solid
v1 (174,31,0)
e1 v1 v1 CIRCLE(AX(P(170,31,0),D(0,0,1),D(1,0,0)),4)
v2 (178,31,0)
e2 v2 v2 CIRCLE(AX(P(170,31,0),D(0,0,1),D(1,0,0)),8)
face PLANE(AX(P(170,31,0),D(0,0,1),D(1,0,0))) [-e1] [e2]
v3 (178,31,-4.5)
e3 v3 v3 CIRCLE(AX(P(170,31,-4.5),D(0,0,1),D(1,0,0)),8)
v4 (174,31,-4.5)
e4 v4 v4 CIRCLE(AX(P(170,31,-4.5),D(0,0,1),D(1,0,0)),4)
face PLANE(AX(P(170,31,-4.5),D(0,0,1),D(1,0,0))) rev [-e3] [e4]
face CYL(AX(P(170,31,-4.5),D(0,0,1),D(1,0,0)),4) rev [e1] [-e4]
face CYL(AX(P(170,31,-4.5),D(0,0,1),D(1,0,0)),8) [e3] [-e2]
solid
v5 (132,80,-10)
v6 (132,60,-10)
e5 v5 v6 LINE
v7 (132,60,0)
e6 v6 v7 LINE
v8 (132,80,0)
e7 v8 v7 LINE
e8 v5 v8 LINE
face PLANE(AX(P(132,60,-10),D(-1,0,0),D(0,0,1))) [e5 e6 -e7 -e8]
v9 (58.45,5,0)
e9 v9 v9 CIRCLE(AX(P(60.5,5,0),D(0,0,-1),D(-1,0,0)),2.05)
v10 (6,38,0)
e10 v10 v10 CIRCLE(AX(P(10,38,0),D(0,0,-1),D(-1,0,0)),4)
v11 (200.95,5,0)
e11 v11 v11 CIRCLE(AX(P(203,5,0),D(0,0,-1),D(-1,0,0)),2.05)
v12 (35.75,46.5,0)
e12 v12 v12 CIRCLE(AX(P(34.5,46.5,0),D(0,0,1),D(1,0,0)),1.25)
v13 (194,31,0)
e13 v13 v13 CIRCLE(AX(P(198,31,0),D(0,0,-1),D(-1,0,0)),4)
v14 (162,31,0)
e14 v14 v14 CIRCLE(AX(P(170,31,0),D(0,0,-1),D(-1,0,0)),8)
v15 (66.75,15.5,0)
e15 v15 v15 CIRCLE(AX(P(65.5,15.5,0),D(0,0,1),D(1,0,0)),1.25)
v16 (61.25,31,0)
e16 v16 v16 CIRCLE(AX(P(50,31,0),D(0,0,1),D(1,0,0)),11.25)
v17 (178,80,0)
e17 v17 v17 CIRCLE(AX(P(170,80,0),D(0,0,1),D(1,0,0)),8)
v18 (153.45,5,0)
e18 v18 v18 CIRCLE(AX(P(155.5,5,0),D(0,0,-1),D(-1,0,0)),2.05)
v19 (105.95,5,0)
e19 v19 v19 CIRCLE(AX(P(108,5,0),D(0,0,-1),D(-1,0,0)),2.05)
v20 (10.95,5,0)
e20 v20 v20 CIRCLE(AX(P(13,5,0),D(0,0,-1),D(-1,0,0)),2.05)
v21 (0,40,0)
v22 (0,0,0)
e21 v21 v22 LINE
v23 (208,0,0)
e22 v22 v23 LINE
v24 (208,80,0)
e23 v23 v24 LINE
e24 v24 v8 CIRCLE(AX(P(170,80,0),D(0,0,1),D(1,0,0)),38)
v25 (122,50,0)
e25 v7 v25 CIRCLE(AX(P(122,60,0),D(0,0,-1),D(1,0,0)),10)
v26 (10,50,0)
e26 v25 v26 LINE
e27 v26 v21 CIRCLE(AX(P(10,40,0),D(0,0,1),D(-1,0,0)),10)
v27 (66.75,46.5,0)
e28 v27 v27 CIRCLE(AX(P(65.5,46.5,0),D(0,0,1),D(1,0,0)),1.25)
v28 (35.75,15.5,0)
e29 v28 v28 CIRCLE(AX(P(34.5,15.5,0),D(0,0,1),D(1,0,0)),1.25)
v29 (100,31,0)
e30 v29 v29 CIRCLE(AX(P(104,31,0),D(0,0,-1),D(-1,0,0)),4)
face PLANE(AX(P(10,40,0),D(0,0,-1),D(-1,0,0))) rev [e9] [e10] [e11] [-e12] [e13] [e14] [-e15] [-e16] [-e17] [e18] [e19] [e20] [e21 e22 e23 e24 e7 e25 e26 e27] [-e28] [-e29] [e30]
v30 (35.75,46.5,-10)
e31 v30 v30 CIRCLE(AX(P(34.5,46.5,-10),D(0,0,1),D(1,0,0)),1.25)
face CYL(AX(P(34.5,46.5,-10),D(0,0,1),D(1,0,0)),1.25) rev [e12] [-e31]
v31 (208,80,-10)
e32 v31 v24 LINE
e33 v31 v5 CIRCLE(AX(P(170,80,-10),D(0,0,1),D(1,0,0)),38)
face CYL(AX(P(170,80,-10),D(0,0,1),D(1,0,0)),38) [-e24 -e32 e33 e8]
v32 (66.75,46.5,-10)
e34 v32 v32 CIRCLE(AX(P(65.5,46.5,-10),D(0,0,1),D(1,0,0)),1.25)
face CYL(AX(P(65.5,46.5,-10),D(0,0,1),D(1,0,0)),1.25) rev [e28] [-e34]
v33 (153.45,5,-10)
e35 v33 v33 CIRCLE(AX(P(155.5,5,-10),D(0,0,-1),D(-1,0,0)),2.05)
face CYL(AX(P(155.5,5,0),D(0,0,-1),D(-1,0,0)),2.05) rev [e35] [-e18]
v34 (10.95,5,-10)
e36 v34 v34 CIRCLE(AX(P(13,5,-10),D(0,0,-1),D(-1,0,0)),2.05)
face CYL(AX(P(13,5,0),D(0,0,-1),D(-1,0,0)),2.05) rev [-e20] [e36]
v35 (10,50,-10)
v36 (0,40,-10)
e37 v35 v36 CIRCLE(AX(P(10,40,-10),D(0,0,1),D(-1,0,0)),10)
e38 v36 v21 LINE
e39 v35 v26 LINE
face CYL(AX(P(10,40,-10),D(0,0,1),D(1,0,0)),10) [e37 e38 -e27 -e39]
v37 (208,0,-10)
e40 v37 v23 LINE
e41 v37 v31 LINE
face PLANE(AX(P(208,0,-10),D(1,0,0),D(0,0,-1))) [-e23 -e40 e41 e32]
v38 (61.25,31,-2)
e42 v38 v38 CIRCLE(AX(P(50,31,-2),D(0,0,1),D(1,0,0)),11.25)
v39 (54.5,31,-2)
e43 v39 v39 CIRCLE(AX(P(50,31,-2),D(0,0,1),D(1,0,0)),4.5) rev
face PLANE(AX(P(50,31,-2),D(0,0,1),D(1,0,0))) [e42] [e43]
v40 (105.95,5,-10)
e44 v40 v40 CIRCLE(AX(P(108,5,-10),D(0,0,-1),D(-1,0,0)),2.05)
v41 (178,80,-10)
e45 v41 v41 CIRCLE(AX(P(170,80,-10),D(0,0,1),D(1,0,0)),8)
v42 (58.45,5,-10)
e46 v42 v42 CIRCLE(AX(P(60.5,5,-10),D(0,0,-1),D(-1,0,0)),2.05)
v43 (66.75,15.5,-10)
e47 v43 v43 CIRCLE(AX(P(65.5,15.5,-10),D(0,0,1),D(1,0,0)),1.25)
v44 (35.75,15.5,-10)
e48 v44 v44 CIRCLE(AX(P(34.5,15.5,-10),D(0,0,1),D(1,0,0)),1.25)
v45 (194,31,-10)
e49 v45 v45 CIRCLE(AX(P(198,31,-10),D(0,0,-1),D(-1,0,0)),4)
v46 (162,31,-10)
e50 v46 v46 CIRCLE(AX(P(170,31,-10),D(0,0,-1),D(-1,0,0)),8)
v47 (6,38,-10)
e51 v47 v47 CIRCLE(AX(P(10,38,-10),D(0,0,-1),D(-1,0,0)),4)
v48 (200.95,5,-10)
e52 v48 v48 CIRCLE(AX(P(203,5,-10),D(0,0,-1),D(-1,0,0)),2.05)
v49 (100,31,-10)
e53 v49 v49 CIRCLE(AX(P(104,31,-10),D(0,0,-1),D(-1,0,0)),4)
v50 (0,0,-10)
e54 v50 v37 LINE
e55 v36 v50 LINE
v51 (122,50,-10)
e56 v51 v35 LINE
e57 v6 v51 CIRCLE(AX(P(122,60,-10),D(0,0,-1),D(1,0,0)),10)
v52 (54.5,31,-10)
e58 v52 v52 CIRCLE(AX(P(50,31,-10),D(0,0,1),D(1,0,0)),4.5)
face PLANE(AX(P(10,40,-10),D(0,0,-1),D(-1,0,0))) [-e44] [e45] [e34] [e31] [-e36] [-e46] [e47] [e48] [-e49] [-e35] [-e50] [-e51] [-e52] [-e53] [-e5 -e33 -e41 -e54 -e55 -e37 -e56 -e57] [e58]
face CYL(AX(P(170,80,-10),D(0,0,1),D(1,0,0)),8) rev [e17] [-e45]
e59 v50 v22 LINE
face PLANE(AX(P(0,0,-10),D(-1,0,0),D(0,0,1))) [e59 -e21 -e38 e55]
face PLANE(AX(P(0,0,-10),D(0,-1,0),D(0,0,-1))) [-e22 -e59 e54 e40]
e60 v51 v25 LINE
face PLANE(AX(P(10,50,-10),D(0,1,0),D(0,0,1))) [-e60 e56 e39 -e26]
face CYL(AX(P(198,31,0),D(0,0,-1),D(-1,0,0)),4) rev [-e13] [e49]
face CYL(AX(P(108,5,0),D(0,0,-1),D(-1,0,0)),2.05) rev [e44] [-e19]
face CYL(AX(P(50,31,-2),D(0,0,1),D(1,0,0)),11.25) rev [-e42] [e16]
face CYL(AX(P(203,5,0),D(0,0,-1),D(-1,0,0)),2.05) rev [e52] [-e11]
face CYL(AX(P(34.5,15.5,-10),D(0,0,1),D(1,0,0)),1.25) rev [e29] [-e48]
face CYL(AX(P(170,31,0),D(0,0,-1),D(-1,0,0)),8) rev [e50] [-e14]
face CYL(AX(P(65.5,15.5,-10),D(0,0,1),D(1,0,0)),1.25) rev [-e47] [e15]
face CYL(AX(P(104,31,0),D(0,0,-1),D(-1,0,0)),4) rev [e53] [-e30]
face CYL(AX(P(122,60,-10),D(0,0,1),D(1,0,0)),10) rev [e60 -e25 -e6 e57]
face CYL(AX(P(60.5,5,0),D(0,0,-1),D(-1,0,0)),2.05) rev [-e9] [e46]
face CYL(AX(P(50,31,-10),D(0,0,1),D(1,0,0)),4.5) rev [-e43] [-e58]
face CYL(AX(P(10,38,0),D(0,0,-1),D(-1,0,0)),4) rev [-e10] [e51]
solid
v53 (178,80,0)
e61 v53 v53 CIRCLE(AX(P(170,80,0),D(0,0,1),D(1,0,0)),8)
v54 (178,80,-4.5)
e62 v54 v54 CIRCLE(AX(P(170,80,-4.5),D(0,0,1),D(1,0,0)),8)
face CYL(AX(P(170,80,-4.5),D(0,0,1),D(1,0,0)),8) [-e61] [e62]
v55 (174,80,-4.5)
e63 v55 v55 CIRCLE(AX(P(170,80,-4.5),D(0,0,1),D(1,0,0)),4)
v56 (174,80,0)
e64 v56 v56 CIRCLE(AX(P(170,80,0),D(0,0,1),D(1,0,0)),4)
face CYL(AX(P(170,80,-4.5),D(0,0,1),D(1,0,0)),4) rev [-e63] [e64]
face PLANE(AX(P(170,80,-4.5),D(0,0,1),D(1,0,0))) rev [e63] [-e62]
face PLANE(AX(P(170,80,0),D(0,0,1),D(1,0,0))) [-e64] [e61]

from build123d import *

# Parameters (mm, degrees)
CROQUIS1_R                = 8
CROQUIS1_R_2              = 4.5
CROQUIS1_R_3              = 1.25
SALIENTE_EXTRUIR1_DEPTH   = 10
CROQUIS2_R                = 11.25
CORTAR_EXTRUIR1_DEPTH     = 2
CROQUIS3_R                = 8
CORTAR_EXTRUIR2_DEPTH     = 10
CROQUIS4_R                = 2.05
CORTAR_EXTRUIR3_DEPTH     = 240.3491174
CROQUIS6_R                = 8
CROQUIS6_R_2              = 4
SALIENTE_EXTRUIR2_DEPTH   = 4.5
SALIENTE_EXTRUIR2_2_DEPTH = 4.5
CROQUIS7_R                = 4
CORTAR_EXTRUIR4_DEPTH     = 240.3491174


with BuildPart() as part:
    # Croquis1 → Saliente-Extruir1 (new body)
    with BuildSketch(Plane.XY):
        with BuildLine():
            Line((0, 0), (208, 0))
            Line((208, 0), (208, 80))
            ThreePointArc((208, 80), (170, 118), (132, 80))
            Line((132, 80), (132, 60))
            ThreePointArc((132, 60), (129.071067812, 52.928932188), (122, 50))
            Line((122, 50), (10, 50))
            ThreePointArc((10, 50), (2.928932188, 47.071067812), (0, 40))
            Line((0, 40), (0, 0))
        make_face()
        with Locations((170, 80)):
            Circle(CROQUIS1_R, mode=Mode.SUBTRACT)
        with Locations((50, 31)):
            Circle(CROQUIS1_R_2, mode=Mode.SUBTRACT)
        with Locations((65.5, 46.5)):
            Circle(CROQUIS1_R_3, mode=Mode.SUBTRACT)
        with Locations((34.5, 46.5)):
            Circle(CROQUIS1_R_3, mode=Mode.SUBTRACT)
        with Locations((34.5, 15.5)):
            Circle(CROQUIS1_R_3, mode=Mode.SUBTRACT)
        with Locations((65.5, 15.5)):
            Circle(CROQUIS1_R_3, mode=Mode.SUBTRACT)
    extrude(amount=-SALIENTE_EXTRUIR1_DEPTH)

    # Croquis2 → Cortar-Extruir1 (cut)
    with BuildSketch(Plane.XY):
        with Locations((50, 31)):
            Circle(CROQUIS2_R)
    extrude(amount=-CORTAR_EXTRUIR1_DEPTH, mode=Mode.SUBTRACT)

    # Croquis3 → Cortar-Extruir2 (cut)
    with BuildSketch(Plane(origin=(0, 0, -10), x_dir=(-1, 0, 0), z_dir=(0, 0, -1))):
        with Locations((-170, 31)):
            Circle(CROQUIS3_R)
    extrude(amount=-CORTAR_EXTRUIR2_DEPTH, mode=Mode.SUBTRACT)

    # Croquis4 → Cortar-Extruir3 (cut, through all)
    with BuildSketch(Plane(origin=(0, 0, -10), x_dir=(-1, 0, 0), z_dir=(0, 0, -1))):
        with Locations((-203, 5)):
            Circle(CROQUIS4_R)
        with Locations((-155.5, 5)):
            Circle(CROQUIS4_R)
        with Locations((-108, 5)):
            Circle(CROQUIS4_R)
        with Locations((-60.5, 5)):
            Circle(CROQUIS4_R)
        with Locations((-13, 5)):
            Circle(CROQUIS4_R)
    extrude(amount=-CORTAR_EXTRUIR3_DEPTH, mode=Mode.SUBTRACT)

    # Croquis7 → Cortar-Extruir4 (cut, through all)
    with BuildSketch(Plane(origin=(0, 0, -10), x_dir=(-1, 0, 0), z_dir=(0, 0, -1))):
        with Locations((-198, 31)):
            Circle(CROQUIS7_R)
        with Locations((-104, 31)):
            Circle(CROQUIS7_R)
        with Locations((-10, 38)):
            Circle(CROQUIS7_R)
    extrude(amount=-CORTAR_EXTRUIR4_DEPTH, mode=Mode.SUBTRACT)


with BuildPart() as body_2:
    # Croquis6 → Saliente-Extruir2 (new body)
    with BuildSketch(Plane.XY):
        with Locations((170, 31)):
            Circle(CROQUIS6_R)
        with Locations((170, 31)):
            Circle(CROQUIS6_R_2, mode=Mode.SUBTRACT)
    extrude(amount=-SALIENTE_EXTRUIR2_DEPTH)


with BuildPart() as body_3:
    # Croquis6 → Saliente-Extruir2 2 (new body)
    with BuildSketch(Plane.XY):
        with Locations((170, 80)):
            Circle(CROQUIS6_R)
        with Locations((170, 80)):
            Circle(CROQUIS6_R_2, mode=Mode.SUBTRACT)
    extrude(amount=-SALIENTE_EXTRUIR2_2_DEPTH)


solid = Compound([part.part, body_2.part, body_3.part])
